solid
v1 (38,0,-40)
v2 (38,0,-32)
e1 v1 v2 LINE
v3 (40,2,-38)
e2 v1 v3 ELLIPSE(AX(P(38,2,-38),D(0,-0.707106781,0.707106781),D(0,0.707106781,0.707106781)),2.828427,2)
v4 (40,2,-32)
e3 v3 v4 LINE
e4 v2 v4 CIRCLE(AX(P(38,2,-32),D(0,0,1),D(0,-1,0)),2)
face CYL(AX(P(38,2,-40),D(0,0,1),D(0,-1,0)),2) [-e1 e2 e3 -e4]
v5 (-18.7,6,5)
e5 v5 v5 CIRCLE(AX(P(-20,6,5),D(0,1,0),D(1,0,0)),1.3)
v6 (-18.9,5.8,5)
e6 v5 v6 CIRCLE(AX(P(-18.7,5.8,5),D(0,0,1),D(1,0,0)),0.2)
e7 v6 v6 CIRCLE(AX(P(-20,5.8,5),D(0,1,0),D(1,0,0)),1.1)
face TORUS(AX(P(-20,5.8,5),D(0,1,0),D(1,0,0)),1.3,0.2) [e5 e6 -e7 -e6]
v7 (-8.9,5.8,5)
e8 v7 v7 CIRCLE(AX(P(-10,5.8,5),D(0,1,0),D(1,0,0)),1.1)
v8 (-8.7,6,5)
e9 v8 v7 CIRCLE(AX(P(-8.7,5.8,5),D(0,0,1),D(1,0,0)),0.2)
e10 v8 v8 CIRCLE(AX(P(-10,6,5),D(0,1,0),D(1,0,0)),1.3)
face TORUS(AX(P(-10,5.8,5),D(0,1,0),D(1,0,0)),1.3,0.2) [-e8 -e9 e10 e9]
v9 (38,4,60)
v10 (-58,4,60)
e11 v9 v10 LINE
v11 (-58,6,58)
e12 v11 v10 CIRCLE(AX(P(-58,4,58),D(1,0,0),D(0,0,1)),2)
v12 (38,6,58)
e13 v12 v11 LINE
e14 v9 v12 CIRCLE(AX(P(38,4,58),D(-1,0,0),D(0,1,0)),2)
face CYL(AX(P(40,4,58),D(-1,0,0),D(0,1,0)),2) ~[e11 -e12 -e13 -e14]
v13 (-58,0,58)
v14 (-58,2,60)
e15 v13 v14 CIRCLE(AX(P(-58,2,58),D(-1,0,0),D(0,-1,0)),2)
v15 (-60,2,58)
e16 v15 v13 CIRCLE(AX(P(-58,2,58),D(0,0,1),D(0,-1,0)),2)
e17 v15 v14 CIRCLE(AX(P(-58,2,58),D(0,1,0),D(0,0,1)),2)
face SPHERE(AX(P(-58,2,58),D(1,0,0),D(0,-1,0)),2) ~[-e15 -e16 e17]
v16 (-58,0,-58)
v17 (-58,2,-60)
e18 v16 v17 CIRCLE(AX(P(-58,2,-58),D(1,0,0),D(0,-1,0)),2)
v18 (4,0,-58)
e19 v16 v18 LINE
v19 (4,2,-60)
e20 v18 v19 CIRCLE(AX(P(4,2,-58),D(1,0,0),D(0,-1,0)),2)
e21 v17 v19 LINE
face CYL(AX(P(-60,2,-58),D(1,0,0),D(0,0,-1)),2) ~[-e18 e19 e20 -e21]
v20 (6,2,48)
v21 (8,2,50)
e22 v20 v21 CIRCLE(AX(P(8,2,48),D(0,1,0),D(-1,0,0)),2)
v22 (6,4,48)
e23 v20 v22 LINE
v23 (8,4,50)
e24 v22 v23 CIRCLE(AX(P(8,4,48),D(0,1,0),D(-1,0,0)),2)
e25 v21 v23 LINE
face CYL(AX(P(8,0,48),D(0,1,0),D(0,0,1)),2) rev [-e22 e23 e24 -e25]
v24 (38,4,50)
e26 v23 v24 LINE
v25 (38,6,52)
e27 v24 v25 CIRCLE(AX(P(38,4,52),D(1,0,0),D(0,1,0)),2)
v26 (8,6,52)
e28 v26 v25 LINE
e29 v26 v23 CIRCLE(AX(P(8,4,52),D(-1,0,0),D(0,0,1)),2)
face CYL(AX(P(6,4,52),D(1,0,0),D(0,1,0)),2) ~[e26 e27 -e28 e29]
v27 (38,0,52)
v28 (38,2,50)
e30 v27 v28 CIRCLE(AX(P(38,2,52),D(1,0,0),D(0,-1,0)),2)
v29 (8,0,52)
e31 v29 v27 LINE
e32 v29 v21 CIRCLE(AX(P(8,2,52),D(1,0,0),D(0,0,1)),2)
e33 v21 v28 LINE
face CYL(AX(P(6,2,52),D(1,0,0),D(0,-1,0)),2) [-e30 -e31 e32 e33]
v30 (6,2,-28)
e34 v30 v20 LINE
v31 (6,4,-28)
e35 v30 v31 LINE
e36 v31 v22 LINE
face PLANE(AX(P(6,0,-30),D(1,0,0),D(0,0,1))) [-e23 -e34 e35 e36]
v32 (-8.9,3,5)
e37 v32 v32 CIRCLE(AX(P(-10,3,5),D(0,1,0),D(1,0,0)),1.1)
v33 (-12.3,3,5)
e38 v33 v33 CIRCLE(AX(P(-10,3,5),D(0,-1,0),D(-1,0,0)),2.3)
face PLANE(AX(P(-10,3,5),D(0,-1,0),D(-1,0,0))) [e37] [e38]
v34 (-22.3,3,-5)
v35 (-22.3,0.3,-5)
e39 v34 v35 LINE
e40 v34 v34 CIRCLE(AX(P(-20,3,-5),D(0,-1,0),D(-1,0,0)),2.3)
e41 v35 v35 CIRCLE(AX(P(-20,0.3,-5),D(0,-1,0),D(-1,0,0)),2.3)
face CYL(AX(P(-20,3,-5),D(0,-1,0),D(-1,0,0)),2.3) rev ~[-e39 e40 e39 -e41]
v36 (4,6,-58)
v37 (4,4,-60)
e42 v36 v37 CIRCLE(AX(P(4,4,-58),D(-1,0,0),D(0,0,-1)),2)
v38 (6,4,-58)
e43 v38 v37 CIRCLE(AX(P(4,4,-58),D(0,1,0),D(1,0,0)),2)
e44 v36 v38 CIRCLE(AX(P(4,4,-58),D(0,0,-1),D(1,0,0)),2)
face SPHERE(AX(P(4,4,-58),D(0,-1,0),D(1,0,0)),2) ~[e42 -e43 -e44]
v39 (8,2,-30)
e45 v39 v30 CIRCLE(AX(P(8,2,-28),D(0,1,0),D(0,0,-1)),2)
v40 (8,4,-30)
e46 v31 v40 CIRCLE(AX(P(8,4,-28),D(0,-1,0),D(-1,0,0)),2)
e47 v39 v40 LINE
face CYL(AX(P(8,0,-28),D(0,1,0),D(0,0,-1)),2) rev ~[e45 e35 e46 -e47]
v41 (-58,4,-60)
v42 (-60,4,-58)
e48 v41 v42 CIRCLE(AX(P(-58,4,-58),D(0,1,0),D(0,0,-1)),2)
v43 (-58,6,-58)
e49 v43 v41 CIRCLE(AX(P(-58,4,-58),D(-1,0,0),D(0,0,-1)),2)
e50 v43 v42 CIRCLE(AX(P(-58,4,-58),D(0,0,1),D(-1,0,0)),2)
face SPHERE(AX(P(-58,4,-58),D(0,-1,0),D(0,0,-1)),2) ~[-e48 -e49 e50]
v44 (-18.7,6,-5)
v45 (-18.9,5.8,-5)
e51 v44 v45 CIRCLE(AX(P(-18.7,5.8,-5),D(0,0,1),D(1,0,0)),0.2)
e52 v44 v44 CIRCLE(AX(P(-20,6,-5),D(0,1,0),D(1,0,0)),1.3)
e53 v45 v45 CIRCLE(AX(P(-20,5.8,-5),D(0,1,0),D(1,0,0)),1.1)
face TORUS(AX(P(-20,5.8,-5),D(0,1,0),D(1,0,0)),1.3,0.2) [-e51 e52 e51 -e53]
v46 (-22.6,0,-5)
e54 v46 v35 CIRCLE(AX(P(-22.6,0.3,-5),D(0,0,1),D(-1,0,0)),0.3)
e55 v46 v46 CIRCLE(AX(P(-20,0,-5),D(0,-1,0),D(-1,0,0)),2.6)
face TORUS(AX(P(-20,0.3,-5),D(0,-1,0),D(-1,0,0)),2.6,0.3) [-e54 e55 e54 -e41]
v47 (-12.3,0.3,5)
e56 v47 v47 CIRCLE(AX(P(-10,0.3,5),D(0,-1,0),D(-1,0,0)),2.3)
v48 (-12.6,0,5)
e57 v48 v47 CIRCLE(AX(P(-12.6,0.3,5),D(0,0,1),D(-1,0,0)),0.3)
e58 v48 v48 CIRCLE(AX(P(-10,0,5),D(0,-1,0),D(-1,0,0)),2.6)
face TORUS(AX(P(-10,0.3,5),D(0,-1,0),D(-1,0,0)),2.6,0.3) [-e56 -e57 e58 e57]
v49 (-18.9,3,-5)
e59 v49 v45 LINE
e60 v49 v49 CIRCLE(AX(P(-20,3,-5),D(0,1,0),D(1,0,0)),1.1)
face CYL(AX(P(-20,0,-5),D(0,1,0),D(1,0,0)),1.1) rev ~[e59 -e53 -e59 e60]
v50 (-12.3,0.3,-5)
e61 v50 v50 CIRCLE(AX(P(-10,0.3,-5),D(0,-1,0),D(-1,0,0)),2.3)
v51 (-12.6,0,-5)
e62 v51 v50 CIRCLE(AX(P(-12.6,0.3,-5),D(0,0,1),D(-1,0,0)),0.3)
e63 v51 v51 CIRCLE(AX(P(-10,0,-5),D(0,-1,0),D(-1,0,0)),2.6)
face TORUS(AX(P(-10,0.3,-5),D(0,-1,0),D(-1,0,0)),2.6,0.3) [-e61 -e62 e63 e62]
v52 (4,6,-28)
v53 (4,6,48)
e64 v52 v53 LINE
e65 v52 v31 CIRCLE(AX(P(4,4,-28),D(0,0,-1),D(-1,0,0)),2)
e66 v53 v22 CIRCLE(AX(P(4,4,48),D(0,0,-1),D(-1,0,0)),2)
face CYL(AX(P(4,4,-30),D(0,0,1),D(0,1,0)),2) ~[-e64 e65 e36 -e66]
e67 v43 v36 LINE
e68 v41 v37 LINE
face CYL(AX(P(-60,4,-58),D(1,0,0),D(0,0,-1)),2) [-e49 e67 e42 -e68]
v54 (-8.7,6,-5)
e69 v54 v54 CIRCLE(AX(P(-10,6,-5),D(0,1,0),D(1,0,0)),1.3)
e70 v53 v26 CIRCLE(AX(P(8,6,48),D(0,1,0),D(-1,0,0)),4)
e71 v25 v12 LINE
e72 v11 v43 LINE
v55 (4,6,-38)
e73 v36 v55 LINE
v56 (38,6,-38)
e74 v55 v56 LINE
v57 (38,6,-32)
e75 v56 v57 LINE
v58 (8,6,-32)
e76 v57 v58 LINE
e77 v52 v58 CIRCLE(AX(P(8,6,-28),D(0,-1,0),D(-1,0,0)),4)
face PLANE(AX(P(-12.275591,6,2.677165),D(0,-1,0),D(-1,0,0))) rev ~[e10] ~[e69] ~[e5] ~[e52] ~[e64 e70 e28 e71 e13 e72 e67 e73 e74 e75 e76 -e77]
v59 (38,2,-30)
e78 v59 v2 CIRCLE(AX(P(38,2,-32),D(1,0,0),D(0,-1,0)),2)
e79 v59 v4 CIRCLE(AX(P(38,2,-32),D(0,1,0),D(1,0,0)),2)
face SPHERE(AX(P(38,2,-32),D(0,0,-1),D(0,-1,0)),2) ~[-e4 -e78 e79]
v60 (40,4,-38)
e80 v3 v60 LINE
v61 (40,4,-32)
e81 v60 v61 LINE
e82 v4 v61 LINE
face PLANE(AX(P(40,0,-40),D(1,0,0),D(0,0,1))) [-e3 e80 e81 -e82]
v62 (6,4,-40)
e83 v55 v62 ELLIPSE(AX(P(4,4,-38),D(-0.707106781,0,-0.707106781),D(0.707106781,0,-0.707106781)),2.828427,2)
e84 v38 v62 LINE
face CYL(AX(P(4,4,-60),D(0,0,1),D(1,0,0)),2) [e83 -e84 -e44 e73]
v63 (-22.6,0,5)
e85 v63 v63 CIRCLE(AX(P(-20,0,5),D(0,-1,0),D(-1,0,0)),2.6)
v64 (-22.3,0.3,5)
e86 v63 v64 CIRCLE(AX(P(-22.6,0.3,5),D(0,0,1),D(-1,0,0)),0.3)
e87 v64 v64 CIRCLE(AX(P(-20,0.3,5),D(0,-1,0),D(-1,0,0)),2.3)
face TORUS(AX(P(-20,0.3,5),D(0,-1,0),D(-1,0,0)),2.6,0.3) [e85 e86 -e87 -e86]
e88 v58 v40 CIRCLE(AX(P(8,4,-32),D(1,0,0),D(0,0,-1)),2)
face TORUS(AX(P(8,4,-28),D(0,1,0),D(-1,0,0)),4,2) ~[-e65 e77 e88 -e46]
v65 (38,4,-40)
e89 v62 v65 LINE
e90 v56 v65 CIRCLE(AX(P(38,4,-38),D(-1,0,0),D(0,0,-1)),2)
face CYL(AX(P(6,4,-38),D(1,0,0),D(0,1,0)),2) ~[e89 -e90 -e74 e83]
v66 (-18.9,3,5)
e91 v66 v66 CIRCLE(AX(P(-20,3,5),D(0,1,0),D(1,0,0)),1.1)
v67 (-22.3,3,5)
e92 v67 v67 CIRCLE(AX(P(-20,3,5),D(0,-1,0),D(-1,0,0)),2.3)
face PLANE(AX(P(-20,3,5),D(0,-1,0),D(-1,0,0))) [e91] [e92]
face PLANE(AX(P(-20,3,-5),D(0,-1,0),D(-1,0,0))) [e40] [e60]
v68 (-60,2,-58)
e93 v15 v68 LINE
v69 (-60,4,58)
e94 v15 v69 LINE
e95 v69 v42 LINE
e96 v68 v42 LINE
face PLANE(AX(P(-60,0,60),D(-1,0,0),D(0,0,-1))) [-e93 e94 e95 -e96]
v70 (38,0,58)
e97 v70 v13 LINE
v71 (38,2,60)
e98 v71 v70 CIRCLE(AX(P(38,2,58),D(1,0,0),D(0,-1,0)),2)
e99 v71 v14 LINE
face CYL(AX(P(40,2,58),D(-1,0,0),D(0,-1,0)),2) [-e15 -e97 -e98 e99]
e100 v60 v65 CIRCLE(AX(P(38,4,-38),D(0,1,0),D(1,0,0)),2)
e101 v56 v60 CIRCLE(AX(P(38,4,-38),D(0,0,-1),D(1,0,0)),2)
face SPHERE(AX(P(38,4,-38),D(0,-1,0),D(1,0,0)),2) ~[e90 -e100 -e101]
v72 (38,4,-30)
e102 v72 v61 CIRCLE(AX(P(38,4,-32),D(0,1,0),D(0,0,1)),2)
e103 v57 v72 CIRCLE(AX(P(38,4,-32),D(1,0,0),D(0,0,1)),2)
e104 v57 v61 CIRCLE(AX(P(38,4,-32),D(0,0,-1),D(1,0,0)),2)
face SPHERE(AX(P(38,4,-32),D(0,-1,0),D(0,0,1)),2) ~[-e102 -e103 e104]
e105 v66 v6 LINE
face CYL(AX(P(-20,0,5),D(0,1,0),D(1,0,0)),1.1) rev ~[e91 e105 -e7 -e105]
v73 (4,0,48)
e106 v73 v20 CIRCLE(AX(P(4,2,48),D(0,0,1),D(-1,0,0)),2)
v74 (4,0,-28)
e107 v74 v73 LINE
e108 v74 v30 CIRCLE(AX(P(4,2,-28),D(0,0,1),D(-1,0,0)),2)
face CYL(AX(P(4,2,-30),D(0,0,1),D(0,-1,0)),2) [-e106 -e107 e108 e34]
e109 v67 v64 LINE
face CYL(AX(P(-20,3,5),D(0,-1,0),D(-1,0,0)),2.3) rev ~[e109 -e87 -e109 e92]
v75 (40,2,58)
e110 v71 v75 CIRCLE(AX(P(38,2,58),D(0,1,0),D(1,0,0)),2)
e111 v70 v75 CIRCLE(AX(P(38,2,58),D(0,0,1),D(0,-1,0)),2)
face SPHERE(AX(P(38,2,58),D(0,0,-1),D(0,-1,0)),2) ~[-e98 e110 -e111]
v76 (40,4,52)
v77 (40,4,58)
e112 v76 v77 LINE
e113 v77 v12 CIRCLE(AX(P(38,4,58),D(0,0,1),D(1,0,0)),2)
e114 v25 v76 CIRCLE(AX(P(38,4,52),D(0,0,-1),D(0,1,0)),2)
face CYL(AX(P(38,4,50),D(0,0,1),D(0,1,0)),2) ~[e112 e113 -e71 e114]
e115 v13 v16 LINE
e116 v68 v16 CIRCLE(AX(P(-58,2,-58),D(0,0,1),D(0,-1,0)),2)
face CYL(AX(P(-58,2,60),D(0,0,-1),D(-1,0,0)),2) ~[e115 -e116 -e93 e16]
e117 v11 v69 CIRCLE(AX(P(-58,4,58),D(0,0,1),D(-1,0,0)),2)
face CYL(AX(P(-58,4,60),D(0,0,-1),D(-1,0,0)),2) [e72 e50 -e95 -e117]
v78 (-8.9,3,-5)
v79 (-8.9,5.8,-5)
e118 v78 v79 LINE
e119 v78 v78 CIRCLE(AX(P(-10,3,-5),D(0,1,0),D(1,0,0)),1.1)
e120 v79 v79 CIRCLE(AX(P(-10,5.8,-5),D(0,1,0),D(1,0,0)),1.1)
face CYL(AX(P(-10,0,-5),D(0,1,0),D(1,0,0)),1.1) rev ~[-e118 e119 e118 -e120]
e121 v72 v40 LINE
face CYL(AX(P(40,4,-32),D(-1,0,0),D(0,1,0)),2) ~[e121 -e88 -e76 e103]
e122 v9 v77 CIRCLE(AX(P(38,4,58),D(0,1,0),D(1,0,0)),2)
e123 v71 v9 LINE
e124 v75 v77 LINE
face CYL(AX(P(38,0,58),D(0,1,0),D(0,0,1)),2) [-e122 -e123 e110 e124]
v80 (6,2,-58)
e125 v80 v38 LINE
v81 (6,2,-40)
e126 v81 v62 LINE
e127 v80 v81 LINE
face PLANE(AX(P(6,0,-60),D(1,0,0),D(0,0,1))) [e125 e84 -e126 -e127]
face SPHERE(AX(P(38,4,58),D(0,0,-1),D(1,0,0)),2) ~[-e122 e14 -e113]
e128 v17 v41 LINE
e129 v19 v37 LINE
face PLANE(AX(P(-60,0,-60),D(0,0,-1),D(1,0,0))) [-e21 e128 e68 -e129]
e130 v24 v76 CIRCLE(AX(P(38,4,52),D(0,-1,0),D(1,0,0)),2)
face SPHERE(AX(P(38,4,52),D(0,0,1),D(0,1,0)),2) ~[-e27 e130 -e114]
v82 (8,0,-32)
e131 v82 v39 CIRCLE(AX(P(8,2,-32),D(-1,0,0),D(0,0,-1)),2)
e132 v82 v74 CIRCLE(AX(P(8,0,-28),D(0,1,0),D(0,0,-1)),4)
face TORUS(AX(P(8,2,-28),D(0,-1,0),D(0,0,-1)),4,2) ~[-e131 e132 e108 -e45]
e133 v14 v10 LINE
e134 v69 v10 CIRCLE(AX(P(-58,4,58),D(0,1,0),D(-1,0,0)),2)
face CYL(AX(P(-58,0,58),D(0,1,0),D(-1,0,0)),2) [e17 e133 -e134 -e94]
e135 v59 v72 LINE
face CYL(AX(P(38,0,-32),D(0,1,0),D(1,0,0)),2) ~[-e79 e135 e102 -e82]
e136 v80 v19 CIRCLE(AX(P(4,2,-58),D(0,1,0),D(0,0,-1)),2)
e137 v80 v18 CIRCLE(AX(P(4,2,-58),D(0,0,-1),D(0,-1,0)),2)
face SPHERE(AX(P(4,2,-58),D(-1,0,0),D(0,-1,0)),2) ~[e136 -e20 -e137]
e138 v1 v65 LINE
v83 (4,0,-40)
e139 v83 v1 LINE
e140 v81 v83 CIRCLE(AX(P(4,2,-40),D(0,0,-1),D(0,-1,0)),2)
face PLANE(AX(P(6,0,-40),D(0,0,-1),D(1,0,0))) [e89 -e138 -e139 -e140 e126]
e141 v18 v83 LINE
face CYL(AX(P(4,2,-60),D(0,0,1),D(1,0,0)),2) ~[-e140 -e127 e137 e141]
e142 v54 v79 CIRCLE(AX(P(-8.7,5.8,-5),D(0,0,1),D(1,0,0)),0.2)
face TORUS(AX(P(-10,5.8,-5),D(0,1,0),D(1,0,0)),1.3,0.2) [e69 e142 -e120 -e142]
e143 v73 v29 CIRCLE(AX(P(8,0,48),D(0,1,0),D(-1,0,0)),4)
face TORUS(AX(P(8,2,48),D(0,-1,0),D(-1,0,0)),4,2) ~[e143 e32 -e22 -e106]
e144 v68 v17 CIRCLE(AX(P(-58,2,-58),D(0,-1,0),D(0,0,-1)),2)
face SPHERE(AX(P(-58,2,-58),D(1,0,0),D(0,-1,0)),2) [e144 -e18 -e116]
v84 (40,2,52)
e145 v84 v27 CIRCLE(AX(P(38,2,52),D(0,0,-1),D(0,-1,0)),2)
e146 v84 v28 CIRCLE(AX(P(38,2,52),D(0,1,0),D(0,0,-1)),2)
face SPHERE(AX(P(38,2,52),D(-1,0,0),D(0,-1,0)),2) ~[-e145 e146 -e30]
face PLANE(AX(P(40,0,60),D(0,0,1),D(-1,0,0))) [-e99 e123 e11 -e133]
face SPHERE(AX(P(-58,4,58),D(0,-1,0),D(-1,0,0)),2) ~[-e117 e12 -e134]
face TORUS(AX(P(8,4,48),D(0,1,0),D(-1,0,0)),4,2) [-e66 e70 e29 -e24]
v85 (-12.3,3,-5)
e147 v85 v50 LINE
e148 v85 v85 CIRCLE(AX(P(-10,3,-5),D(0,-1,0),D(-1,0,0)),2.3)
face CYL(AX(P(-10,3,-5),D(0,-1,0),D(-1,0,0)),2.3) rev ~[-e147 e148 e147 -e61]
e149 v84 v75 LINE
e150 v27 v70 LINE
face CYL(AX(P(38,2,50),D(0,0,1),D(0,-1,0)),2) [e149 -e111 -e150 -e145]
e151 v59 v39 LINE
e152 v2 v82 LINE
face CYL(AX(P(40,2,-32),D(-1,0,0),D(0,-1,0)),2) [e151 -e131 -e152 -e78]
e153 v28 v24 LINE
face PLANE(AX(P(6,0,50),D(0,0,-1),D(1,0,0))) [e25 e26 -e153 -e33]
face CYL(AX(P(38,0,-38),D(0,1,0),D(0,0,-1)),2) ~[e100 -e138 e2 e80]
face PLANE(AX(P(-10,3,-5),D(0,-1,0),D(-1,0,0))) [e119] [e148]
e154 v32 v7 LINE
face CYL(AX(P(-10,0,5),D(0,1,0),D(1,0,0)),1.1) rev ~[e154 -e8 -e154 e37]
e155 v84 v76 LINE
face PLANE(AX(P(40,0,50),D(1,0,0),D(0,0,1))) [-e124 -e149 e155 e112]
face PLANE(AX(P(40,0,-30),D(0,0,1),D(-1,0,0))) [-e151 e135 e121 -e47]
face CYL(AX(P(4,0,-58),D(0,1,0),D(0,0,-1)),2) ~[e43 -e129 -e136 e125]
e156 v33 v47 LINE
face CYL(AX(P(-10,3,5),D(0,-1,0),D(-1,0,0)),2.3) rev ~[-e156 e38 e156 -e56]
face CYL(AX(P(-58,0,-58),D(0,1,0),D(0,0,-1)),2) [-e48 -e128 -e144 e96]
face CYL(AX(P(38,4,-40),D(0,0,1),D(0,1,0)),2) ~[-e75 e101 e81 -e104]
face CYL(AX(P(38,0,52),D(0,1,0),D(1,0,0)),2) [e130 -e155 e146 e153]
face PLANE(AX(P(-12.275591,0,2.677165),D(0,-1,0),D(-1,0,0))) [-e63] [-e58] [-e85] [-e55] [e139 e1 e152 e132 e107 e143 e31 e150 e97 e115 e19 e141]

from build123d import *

# Parameters (mm, degrees)
EXTRUDE_1_DEPTH              = 6
HOLE_WIZARD_M2_1_D           = 2.2
HOLE_WIZARD_M2_1_CBORE_D     = 4.6
HOLE_WIZARD_M2_1_CBORE_DEPTH = 3
FILLET1_R                    = 2
FILLET2_R                    = 0.3
FILLET3_R                    = 0.2


with BuildPart() as part:
    # 草图1 → 凸台-拉伸1 (new body)
    with BuildSketch(Plane(origin=(0, 0, 0), x_dir=(1, 0, 0), z_dir=(0, 1, 0))):
        Polygon((-60, 60), (6, 60), (6, 40), (40, 40), (40, 30), (6, 30), (6, -50), (40, -50), (40, -60), (-60, -60), align=None)
    extrude(amount=EXTRUDE_1_DEPTH)

    # M2 六角头机械螺钉的柱形沉头孔1 (through all)
    with Locations(Plane(origin=(0, 0, 0), x_dir=(-1, 0, 0), z_dir=(0, -1, 0))):
        with Locations((10, 5), (20, 5), (20, -5), (10, -5)):
            CounterBoreHole(HOLE_WIZARD_M2_1_D / 2, HOLE_WIZARD_M2_1_CBORE_D / 2, HOLE_WIZARD_M2_1_CBORE_DEPTH)

    # Fillet1
    fillet1_edges = [part.edges().sort_by_distance(p)[0] for p in [
        (-27, 0, -60),
        (6, 0, -50),
        (40, 0, -35),
        (23, 0, -30),
        (6, 0, 10),
        (23, 0, 50),
        (40, 6, 55),
        (40, 0, 55),
        (-10, 0, 60),
        (-60, 0, 0),
        (23, 6, 50),
        (-60, 3, -60),
        (6, 3, -60),
        (40, 3, -40),
        (40, 3, -30),
        (6, 3, -30),
        (6, 3, 50),
        (40, 3, 50),
        (40, 3, 60),
        (-60, 3, 60),
        (6, 6, 10),
        (23, 6, -30),
        (40, 6, -35),
        (23, 6, -40),
        (6, 6, -50),
        (-27, 6, -60),
        (-60, 6, 0),
        (-10, 6, 60),
    ]]
    fillet(fillet1_edges, radius=FILLET1_R)

    # Fillet2
    fillet2_edges = [part.edges().sort_by_distance(p)[0] for p in [
        (-7.7, 0, 5),
        (-17.7, 0, 5),
        (-17.7, 0, -5),
        (-7.7, 0, -5),
    ]]
    fillet(fillet2_edges, radius=FILLET2_R)

    # Fillet3
    fillet3_edges = [part.edges().sort_by_distance(p)[0] for p in [
        (-11.1, 6, 5),
        (-21.1, 6, 5),
        (-21.1, 6, -5),
        (-11.1, 6, -5),
    ]]
    fillet(fillet3_edges, radius=FILLET3_R)


solid = part.part
